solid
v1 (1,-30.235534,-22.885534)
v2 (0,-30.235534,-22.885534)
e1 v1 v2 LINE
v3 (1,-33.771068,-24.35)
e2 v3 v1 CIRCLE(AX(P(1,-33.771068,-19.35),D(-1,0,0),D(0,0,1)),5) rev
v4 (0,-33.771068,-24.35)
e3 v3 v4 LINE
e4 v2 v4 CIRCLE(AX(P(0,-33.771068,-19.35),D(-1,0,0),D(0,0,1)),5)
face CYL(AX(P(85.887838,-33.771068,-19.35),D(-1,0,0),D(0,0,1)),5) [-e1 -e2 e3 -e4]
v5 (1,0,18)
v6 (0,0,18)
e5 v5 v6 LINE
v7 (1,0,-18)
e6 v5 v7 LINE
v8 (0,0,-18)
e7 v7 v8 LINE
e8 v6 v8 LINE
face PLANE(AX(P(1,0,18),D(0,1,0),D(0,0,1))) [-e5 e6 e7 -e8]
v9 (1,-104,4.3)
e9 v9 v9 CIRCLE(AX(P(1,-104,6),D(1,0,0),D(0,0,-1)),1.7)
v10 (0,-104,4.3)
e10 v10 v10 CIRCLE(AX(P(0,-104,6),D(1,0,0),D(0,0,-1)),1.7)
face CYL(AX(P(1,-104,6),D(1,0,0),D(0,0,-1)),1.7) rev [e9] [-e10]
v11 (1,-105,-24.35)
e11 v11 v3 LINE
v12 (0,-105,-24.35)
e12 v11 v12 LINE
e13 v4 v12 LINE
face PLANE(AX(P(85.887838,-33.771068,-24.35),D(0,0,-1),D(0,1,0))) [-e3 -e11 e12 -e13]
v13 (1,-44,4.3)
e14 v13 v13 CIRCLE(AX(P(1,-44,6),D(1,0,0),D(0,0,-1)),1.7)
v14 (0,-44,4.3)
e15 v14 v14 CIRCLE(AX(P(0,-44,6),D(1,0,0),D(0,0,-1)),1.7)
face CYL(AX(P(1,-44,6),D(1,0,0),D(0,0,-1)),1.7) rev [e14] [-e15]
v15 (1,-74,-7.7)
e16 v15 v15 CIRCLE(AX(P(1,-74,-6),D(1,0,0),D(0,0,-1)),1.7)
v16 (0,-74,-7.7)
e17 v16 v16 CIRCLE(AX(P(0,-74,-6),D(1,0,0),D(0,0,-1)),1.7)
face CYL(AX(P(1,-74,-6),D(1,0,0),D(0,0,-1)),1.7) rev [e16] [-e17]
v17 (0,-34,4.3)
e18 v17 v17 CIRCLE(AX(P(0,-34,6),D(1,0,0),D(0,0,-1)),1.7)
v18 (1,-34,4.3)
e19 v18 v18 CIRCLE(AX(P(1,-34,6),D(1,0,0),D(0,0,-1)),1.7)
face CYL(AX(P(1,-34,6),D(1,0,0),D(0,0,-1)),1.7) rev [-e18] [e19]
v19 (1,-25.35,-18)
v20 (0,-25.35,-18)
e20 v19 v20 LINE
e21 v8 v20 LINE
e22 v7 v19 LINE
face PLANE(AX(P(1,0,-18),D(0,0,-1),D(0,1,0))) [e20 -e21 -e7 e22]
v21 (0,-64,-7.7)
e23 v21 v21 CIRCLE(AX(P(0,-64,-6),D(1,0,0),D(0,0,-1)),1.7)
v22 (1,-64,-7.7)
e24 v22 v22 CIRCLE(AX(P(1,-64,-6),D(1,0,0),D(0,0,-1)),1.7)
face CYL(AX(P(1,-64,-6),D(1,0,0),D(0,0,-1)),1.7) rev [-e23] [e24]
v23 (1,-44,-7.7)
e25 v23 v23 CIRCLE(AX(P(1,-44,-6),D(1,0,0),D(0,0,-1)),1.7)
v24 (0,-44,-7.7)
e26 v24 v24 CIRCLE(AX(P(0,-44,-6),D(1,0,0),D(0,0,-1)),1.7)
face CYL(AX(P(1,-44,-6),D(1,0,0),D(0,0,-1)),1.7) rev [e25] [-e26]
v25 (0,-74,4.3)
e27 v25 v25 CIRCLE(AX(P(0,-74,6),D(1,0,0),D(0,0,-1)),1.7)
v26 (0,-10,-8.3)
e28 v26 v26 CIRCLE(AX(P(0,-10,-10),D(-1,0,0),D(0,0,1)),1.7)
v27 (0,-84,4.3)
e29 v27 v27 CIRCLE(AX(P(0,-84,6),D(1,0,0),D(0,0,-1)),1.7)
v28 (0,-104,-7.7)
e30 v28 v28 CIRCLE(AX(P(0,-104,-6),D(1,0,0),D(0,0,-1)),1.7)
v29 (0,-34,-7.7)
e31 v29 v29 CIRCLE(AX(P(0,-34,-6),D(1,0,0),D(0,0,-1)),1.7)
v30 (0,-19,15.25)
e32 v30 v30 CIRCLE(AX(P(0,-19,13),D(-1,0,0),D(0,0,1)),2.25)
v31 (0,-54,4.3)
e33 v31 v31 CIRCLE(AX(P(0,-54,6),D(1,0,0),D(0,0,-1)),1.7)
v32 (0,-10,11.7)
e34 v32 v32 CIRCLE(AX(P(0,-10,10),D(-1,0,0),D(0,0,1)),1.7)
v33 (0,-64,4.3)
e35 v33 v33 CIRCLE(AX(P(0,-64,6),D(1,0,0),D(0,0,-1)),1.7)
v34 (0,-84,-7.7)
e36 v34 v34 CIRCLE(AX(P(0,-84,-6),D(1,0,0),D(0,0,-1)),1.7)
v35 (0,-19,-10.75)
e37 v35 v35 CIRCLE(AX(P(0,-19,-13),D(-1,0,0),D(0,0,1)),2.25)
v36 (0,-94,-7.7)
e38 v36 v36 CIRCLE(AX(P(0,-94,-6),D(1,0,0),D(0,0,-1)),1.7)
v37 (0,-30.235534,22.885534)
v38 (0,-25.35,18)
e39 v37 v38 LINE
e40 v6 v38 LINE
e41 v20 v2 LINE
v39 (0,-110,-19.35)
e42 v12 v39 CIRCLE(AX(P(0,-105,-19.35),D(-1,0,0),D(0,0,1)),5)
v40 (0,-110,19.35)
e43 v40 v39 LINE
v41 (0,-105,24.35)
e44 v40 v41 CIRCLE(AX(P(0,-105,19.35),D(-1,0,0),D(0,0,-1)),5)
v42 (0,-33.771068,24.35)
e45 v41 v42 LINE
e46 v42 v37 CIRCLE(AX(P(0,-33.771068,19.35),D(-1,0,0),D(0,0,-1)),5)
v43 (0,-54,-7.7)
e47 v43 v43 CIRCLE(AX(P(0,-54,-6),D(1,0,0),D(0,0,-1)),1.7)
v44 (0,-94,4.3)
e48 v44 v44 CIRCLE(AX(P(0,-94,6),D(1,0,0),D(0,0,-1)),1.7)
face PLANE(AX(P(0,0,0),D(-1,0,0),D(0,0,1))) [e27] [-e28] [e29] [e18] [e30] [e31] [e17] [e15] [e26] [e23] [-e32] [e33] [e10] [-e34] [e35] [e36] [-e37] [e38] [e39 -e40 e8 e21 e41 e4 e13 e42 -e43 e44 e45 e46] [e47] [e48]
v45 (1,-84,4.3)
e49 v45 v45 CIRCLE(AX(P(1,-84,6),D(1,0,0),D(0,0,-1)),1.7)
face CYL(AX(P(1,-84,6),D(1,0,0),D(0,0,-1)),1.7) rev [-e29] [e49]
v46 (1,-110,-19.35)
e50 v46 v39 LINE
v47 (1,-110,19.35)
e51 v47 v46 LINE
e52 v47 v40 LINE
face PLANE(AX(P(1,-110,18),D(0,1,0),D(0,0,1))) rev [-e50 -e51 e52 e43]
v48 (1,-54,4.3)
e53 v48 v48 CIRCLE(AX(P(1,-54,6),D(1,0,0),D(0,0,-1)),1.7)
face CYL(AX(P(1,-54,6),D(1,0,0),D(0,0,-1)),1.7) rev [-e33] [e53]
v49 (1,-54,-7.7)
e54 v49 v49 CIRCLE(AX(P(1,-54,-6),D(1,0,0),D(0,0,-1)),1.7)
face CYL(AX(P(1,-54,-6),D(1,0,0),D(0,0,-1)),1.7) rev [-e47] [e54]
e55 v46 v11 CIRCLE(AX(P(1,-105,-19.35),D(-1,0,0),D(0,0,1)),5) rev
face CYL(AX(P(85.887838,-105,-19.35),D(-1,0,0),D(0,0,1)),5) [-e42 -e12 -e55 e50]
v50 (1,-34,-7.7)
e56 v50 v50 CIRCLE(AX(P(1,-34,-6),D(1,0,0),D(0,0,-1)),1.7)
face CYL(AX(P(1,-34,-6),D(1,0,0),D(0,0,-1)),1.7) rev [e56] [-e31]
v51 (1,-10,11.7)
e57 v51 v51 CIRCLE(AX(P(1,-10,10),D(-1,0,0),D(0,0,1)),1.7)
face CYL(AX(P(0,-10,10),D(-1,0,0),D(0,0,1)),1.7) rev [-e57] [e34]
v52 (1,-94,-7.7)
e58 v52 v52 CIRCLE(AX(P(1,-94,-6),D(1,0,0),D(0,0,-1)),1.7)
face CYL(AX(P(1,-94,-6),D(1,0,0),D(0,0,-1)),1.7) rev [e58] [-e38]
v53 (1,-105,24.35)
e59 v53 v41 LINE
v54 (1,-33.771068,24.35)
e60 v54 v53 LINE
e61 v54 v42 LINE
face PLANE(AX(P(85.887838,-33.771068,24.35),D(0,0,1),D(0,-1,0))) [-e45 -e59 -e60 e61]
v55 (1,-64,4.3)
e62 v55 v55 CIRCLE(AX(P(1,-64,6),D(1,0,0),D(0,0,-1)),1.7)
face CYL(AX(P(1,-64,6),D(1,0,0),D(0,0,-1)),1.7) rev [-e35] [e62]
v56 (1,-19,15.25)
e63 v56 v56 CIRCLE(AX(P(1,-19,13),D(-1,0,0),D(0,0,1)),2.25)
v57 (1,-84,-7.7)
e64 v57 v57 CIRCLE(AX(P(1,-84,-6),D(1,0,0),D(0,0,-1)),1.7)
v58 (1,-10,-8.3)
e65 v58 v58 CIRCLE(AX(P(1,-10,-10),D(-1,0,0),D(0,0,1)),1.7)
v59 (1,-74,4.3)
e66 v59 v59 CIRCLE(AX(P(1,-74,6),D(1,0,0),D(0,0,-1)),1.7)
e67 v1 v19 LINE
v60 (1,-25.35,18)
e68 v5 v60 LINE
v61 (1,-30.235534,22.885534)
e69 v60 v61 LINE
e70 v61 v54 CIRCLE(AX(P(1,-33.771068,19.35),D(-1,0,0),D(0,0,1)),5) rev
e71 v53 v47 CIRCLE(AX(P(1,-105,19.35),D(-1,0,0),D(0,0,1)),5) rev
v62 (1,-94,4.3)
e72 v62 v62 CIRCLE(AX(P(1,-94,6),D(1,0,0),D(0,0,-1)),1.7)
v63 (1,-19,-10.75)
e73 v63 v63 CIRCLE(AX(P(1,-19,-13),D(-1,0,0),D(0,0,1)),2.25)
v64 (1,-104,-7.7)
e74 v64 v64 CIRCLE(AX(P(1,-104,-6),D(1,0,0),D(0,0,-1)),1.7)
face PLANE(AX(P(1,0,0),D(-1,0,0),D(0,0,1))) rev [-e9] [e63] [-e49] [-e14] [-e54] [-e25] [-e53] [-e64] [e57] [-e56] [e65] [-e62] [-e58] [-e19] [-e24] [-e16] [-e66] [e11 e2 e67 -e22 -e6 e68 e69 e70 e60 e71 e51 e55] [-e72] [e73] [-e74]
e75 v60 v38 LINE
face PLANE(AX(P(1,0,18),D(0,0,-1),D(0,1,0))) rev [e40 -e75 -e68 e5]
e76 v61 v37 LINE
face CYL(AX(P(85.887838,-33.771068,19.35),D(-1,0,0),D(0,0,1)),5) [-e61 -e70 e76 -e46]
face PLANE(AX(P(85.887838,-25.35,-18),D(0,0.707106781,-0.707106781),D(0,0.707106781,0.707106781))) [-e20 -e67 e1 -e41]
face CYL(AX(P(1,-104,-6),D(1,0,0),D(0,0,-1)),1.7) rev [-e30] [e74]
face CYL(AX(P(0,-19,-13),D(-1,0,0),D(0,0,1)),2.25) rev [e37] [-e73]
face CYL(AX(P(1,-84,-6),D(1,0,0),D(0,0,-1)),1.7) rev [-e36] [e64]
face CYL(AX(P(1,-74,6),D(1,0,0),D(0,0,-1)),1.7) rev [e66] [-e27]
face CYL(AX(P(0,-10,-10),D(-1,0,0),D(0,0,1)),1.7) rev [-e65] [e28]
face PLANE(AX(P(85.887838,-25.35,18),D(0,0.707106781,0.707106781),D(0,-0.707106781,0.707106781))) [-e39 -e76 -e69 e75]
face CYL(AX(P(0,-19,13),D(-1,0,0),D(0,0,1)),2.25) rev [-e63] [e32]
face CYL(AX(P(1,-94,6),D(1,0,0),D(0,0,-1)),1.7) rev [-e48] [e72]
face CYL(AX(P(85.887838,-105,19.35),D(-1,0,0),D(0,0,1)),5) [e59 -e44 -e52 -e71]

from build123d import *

# Parameters (mm, degrees)
SKETCH1_W            = 36
SKETCH1_H            = 110
BOSS_EXTRUDE1_DEPTH  = 1
M3_CLEARANCE_HOLE1_D = 3.4
M4_CLEARANCE_HOLE1_D = 4.5
M3_CLEARANCE_HOLE2_D = 3.4
BOSS_EXTRUDE2_DEPTH  = 1


with BuildPart() as part:
    # Sketch1 → Boss-Extrude1 (new body)
    with BuildSketch(Plane(origin=(0, 0, 0), x_dir=(0, 0, -1), z_dir=(1, 0, 0))):
        with Locations((0, -55)):
            Rectangle(SKETCH1_W, SKETCH1_H)
    extrude(amount=BOSS_EXTRUDE1_DEPTH)

    # M3 Clearance Hole1 (through all)
    with Locations(Plane.ZY):
        with Locations((-10, -10), (10, -10)):
            Hole(M3_CLEARANCE_HOLE1_D / 2)

    # M4 Clearance Hole1 (through all)
    with Locations(Plane.ZY):
        with Locations((-13, -19), (13, -19)):
            Hole(M4_CLEARANCE_HOLE1_D / 2)

    # M3 Clearance Hole2 (through all)
    with Locations(Plane(origin=(1, 0, 0), x_dir=(0, 0, -1), z_dir=(1, 0, 0))):
        with Locations((6, -104), (-6, -104), (6, -94), (-6, -94), (6, -84), (-6, -84), (6, -74), (-6, -74), (6, -64), (-6, -64), (6, -54), (-6, -54), (6, -44), (-6, -44), (6, -34), (-6, -34)):
            Hole(M3_CLEARANCE_HOLE2_D / 2)

    # Sketch9 → Boss-Extrude2 (add)
    with BuildSketch(Plane.ZY):
        with BuildLine():
            Line((18, -25.35), (22.885533906, -30.235533906))
            ThreePointArc((22.885533906, -30.235533906), (23.969397663, -31.85765065), (24.35, -33.771067812))
            Line((24.35, -33.771067812), (24.35, -105))
            ThreePointArc((24.35, -105), (22.885533906, -108.535533906), (19.35, -110))
            Line((19.35, -110), (18, -110))
            Line((18, -110), (18, -25.35))
        make_face()
        with BuildLine():
            Line((-18, -25.35), (-22.885533906, -30.235533906))
            ThreePointArc((-22.885533906, -30.235533906), (-23.969397663, -31.85765065), (-24.35, -33.771067812))
            Line((-24.35, -33.771067812), (-24.35, -105))
            ThreePointArc((-24.35, -105), (-22.885533906, -108.535533906), (-19.35, -110))
            Line((-19.35, -110), (-18, -110))
            Line((-18, -110), (-18, -25.35))
        make_face()
    extrude(amount=-BOSS_EXTRUDE2_DEPTH)


solid = part.part
